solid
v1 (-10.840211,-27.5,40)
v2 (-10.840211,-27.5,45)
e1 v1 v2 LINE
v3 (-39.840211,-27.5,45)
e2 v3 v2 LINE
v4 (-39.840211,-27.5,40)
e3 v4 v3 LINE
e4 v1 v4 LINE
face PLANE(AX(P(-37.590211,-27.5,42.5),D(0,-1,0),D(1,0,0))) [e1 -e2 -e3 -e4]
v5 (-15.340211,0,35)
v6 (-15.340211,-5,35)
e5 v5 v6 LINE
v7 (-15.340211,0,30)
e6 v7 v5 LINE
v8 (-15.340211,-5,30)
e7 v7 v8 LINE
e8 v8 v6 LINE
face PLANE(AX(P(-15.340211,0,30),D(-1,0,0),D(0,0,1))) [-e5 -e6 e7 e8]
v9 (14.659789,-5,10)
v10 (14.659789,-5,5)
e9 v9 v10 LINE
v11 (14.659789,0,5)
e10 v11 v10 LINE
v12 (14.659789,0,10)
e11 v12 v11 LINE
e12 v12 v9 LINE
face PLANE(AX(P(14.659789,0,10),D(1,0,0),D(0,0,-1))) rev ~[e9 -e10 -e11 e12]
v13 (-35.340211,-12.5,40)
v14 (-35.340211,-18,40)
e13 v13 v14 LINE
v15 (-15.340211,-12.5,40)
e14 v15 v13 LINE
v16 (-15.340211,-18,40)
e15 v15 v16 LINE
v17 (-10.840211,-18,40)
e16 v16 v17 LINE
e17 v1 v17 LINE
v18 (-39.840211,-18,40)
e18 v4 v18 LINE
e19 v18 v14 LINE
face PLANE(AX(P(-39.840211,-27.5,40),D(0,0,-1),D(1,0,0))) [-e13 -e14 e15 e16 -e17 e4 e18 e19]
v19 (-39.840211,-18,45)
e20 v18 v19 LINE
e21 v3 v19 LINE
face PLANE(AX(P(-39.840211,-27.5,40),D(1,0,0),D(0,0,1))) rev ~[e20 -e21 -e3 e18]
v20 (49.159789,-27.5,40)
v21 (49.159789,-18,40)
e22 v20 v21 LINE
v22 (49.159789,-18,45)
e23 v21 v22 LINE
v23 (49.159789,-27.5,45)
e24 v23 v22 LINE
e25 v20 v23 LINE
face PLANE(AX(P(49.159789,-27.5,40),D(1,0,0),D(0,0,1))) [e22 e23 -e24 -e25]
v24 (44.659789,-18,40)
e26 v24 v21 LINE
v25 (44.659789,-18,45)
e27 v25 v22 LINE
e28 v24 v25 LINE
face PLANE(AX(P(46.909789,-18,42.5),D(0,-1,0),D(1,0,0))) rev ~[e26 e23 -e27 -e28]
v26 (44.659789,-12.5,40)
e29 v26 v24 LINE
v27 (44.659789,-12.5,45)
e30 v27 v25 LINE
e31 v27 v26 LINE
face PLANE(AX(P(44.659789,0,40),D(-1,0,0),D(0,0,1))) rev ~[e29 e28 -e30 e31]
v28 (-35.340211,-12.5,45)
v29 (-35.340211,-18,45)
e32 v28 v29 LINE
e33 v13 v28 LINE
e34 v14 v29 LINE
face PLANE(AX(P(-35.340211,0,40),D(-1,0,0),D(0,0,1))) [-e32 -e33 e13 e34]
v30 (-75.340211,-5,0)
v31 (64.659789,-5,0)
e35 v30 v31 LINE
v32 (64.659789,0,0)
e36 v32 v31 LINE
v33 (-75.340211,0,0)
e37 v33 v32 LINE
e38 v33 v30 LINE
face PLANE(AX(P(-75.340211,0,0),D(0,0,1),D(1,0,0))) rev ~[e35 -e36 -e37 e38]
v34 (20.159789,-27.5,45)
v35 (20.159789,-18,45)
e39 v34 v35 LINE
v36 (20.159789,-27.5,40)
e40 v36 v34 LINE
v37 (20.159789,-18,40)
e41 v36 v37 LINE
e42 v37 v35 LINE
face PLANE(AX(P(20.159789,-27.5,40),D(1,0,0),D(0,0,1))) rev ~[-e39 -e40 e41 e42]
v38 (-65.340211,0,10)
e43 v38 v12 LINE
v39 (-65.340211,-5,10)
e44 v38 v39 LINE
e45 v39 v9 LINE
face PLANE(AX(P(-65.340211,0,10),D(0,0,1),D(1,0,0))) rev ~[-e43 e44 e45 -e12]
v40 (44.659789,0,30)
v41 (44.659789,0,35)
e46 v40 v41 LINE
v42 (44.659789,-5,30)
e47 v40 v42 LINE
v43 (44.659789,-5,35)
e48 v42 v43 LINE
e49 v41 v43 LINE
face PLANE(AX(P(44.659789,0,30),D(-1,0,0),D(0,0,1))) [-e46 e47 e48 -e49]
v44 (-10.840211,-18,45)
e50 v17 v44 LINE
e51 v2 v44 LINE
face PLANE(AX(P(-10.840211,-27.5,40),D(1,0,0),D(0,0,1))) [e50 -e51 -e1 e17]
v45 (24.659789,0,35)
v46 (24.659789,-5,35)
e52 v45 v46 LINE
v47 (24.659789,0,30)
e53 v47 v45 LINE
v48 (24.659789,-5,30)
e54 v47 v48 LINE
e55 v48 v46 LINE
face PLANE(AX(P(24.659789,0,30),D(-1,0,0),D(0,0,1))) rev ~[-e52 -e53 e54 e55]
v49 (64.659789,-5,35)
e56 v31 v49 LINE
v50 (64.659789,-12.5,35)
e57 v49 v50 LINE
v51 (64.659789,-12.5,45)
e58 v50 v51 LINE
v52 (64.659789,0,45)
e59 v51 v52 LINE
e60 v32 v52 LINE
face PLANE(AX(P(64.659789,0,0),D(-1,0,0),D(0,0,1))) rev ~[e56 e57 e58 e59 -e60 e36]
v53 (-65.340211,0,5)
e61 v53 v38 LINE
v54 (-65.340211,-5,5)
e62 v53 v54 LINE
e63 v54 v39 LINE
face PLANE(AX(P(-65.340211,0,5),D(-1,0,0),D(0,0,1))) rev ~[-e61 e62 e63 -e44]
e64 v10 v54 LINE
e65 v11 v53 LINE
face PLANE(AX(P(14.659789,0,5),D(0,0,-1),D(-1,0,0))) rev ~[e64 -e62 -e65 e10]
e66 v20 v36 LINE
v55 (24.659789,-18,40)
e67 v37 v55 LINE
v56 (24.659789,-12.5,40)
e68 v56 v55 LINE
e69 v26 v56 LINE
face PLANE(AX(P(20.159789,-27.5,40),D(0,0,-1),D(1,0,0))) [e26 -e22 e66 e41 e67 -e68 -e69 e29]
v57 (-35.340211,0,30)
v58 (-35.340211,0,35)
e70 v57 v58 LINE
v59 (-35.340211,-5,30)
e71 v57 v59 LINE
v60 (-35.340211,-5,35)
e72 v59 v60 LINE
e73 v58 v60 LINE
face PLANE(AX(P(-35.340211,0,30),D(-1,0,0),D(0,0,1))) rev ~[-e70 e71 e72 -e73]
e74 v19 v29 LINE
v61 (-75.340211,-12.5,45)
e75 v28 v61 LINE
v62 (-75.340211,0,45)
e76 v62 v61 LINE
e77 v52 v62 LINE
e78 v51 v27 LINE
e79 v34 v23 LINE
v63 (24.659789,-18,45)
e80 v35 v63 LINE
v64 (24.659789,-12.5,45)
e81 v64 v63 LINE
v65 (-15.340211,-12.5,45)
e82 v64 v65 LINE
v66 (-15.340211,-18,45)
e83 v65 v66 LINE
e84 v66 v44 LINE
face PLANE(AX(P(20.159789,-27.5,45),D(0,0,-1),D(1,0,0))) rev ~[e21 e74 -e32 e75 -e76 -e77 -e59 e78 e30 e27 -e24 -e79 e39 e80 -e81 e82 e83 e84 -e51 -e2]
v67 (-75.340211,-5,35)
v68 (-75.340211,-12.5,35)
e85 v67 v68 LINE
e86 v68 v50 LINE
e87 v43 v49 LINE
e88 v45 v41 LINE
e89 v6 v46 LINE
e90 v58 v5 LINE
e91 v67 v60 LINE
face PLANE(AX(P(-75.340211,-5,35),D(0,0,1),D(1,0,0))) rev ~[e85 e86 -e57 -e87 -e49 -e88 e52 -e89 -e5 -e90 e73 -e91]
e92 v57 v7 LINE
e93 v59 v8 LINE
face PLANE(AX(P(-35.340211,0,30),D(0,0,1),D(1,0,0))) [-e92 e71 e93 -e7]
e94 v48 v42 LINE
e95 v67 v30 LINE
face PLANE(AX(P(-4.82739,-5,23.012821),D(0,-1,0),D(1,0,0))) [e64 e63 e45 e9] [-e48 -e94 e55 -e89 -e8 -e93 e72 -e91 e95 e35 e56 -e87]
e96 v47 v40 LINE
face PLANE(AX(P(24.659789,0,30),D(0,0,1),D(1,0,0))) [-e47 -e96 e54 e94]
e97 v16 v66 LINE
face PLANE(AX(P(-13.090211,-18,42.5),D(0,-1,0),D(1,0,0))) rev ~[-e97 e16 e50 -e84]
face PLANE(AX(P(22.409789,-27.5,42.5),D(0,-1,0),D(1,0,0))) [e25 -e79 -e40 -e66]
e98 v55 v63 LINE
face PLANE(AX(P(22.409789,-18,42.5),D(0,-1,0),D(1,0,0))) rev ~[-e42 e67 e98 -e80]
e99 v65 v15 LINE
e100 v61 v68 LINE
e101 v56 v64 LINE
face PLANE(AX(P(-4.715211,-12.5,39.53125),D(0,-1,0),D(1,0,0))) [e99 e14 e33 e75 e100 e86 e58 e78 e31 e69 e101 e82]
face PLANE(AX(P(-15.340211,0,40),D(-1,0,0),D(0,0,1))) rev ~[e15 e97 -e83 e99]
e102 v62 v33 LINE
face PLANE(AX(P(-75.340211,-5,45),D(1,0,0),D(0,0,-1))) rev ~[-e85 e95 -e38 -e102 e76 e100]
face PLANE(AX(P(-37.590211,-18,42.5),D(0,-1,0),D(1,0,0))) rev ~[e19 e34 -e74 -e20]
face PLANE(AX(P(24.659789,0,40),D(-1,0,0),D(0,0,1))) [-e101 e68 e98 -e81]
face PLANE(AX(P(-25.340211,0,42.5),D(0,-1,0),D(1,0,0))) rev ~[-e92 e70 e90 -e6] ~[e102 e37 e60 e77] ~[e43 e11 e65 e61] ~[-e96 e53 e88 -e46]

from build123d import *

# Parameters (mm, degrees)
F0_W     = 20
F0_H     = 5
F1_DEPTH = 5
F3_DEPTH = 27.5
F4_DEPTH = 7.5
F5_W     = 4.5
F5_H     = 5
F6_DEPTH = 9.5
F7_W     = 4.5
F7_H     = 5
F8_DEPTH = 9.5


with BuildPart() as f1:
    # F0 (on Front) → F1 (new body)
    with BuildSketch(Plane.XZ):
        Polygon((-75.340211, 45), (-75.340211, 0), (64.659789, 0), (64.659789, 45), (44.659789, 45), (44.659789, 40), (24.659789, 40), (24.659789, 45), (-15.340211, 45), (-15.340211, 40), (-35.340211, 40), (-35.340211, 45), align=None)
        Polygon((14.659789, 5), (-55.340211, 5), (-65.340211, 5), (-65.340211, 10), (-55.340211, 10), (14.659789, 10), align=None, mode=Mode.SUBTRACT)
        with Locations((-25.340211, 32.5)):
            Rectangle(F0_W, F0_H, mode=Mode.SUBTRACT)
        with Locations((34.659789, 32.5)):
            Rectangle(F0_W, F0_H, mode=Mode.SUBTRACT)
    extrude(amount=F1_DEPTH)

    # F0 (on Front) → F3 (join)
    with BuildSketch(Plane.XZ):
        with Locations((-25.340211, 42.5)):
            Rectangle(F0_W, F0_H)
        with Locations((34.659789, 42.5)):
            Rectangle(F0_W, F0_H)
    extrude(amount=F3_DEPTH)

    # F2 (on face) → F4 (join)
    with BuildSketch(Plane.XZ.offset(5)):
        Polygon((-35.340211, 45), (-75.340211, 45), (-75.340211, 35), (-35.340211, 35), (-15.340211, 35), (24.659789, 35), (44.659789, 35), (64.659789, 35), (64.659789, 45), (44.659789, 45), (44.659789, 40), (24.659789, 40), (24.659789, 45), (-15.340211, 45), (-15.340211, 40), (-35.340211, 40), align=None)
    extrude(amount=F4_DEPTH)

    # F5 (on face) → F6 (join)
    with BuildSketch(Plane.XZ.offset(27.5)):
        with Locations((-37.590211, 42.5)):
            Rectangle(F5_W, F5_H)
        with Locations((-13.090211, 42.5)):
            Rectangle(F5_W, F5_H)
    extrude(amount=-F6_DEPTH)

    # F7 (on face) → F8 (join)
    with BuildSketch(Plane.XZ.offset(27.5)):
        with Locations((22.409789, 42.5)):
            Rectangle(F7_W, F7_H)
        with Locations((46.909789, 42.5)):
            Rectangle(F7_W, F7_H)
    extrude(amount=-F8_DEPTH)


solid = f1.part
